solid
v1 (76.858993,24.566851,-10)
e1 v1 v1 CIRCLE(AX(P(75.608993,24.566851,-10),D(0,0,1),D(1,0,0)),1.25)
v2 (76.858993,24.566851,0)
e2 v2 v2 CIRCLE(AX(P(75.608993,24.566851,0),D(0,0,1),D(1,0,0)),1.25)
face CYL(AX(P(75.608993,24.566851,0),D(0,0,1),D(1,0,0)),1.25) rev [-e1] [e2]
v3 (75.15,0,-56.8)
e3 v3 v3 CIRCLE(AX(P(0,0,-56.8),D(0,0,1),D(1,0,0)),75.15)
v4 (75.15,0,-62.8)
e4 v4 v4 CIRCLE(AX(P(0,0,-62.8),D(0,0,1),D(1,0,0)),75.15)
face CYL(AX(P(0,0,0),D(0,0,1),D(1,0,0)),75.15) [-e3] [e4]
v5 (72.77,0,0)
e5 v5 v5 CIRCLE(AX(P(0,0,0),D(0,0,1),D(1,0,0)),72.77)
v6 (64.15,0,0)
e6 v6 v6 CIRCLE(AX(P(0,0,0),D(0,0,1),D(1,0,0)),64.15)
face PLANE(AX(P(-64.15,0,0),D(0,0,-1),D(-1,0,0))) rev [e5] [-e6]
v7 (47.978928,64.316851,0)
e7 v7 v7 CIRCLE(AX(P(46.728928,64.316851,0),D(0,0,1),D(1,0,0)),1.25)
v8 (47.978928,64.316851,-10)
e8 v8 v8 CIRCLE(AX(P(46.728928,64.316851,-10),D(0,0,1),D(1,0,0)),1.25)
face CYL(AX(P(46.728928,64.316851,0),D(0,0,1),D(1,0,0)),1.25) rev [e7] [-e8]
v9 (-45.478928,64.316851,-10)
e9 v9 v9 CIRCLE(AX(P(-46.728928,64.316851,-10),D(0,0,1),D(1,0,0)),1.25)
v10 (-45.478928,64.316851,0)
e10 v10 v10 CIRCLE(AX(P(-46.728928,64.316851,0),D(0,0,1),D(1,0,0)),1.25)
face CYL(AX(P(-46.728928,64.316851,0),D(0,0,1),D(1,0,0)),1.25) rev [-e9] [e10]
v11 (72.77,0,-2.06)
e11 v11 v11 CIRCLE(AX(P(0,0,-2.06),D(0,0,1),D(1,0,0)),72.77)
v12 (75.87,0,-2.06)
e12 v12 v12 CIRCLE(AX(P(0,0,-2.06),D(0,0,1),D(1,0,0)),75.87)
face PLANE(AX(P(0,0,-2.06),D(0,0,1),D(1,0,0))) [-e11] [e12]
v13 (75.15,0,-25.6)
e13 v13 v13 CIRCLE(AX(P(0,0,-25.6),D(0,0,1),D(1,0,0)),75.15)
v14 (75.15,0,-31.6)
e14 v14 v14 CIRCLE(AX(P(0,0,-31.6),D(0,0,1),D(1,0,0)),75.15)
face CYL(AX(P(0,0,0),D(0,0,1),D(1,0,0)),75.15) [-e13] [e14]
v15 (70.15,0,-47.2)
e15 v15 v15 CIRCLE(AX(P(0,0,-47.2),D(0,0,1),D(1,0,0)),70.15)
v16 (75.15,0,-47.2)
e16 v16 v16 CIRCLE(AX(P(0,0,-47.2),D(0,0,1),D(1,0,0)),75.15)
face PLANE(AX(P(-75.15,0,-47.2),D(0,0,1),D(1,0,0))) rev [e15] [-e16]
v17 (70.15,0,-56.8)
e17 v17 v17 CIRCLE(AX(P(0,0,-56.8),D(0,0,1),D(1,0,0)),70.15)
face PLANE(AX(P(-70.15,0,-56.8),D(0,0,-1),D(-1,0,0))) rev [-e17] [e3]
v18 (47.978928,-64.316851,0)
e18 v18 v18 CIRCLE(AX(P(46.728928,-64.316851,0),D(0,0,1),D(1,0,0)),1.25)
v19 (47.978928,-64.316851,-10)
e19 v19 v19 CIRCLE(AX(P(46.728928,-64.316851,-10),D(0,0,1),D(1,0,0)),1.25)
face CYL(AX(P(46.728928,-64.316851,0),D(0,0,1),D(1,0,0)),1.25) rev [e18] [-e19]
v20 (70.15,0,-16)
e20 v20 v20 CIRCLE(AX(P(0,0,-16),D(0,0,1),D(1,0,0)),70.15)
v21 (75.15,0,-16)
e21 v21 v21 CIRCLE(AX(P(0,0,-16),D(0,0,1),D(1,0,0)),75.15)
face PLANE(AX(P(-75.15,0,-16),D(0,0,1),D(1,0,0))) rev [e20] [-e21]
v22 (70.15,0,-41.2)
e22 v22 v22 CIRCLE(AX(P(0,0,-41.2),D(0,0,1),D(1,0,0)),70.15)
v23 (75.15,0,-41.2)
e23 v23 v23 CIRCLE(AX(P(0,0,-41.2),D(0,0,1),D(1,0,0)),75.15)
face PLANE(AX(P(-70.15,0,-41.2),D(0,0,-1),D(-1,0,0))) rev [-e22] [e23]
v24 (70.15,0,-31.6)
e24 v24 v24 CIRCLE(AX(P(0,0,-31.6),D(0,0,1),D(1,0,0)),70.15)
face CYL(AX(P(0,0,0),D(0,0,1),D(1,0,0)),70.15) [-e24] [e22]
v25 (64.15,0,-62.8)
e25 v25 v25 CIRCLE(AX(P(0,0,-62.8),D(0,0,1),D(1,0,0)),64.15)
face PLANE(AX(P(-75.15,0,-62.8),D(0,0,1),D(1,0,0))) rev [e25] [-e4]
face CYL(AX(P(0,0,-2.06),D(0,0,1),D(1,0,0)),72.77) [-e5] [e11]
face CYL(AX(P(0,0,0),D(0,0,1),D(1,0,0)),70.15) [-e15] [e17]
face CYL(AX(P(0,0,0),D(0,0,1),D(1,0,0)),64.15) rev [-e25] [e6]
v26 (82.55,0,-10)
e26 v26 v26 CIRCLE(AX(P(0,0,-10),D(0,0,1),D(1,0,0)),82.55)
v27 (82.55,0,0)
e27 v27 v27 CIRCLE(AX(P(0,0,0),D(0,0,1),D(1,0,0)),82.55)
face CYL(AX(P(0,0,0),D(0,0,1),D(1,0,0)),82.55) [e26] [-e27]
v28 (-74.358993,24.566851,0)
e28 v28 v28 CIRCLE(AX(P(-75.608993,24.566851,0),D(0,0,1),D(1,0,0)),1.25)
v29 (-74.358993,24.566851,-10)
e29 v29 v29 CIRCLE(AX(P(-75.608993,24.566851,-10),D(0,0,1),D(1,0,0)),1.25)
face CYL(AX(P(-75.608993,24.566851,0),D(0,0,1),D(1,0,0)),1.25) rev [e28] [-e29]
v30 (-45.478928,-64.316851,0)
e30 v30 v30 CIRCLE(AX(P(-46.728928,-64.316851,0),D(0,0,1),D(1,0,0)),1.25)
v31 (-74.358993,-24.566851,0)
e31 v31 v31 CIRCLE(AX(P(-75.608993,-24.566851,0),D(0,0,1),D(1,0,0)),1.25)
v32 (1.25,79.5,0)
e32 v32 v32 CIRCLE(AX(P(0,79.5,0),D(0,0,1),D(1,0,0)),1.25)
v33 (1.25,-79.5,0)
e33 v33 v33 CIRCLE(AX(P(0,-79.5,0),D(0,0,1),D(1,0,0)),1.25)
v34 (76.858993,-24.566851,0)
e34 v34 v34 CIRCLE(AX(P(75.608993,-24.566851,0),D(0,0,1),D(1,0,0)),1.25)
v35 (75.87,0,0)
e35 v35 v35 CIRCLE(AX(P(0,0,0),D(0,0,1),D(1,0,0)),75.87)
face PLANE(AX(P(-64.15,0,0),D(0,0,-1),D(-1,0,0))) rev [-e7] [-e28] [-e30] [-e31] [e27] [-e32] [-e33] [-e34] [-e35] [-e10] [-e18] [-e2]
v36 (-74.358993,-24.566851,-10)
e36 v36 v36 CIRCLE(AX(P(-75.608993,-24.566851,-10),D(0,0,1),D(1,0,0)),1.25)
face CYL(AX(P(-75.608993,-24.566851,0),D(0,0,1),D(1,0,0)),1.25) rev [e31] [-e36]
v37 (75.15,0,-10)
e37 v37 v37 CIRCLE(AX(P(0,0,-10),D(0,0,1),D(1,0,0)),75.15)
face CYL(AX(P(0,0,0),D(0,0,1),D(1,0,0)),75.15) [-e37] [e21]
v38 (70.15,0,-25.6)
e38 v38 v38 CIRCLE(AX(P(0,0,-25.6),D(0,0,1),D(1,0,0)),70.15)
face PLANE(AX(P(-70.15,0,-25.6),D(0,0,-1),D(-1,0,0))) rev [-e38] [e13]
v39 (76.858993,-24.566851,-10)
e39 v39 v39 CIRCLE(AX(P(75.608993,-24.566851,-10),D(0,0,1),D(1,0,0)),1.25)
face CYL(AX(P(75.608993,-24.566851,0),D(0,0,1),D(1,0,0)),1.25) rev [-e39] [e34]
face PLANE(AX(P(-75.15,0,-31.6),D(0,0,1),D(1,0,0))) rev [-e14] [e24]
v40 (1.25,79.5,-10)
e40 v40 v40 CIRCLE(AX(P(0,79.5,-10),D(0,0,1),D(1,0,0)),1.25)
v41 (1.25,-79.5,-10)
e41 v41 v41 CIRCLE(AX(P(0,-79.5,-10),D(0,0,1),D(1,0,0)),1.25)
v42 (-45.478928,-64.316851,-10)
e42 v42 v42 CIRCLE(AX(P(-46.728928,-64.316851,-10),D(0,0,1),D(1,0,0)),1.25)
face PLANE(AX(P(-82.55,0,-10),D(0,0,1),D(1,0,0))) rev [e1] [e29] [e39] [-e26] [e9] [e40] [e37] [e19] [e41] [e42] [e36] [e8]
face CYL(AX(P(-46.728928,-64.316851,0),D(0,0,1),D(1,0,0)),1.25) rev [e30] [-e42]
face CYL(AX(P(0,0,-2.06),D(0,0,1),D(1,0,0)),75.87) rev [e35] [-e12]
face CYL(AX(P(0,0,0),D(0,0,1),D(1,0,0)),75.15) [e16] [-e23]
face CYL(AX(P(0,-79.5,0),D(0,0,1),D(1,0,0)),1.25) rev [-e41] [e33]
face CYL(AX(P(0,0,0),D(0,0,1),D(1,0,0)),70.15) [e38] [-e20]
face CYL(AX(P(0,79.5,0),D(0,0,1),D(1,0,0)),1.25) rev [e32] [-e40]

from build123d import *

# Parameters (mm, degrees)
M3X0_5_TAPPED_HOLE1_D = 2.5
SKETCH5_R             = 75.87
SKETCH5_R_2           = 72.77
CUT_EXTRUDE1_DEPTH    = 2.06


with BuildPart() as part:
    # Sketch1 → Revolve1 (revolve)
    with BuildSketch(Plane(origin=(0, 0, 0), x_dir=(1, 0, 0), z_dir=(0, 1, 0))):
        Polygon((-82.55, 0), (-82.55, 10), (-75.15, 10), (-75.15, 16), (-70.15, 16), (-70.15, 25.6), (-75.15, 25.6), (-75.15, 31.6), (-70.15, 31.6), (-70.15, 41.2), (-75.15, 41.2), (-75.15, 47.2), (-70.15, 47.2), (-70.15, 56.8), (-75.15, 56.8), (-75.15, 62.8), (-64.15, 62.8), (-64.15, 0), align=None)
    revolve(axis=Axis((0, 0, 0), (0, 0, -1)))

    # M3x0.5 Tapped Hole1 (through all)
    with Locations(Plane.XY):
        with Locations((0, 79.5), (46.728927557, 64.316851053), (75.608993045, 24.566851053), (75.608993045, -24.566851053), (46.728927557, -64.316851053), (0, -79.5), (-46.728927557, -64.316851053), (-75.608993045, -24.566851053), (-75.608993045, 24.566851053), (-46.728927557, 64.316851053)):
            Hole(M3X0_5_TAPPED_HOLE1_D / 2)

    # Sketch5 → Cut-Extrude1 (cut)
    with BuildSketch(Plane.XY):
        Circle(SKETCH5_R)
        Circle(SKETCH5_R_2, mode=Mode.SUBTRACT)
    extrude(amount=-CUT_EXTRUDE1_DEPTH, mode=Mode.SUBTRACT)


solid = part.part
